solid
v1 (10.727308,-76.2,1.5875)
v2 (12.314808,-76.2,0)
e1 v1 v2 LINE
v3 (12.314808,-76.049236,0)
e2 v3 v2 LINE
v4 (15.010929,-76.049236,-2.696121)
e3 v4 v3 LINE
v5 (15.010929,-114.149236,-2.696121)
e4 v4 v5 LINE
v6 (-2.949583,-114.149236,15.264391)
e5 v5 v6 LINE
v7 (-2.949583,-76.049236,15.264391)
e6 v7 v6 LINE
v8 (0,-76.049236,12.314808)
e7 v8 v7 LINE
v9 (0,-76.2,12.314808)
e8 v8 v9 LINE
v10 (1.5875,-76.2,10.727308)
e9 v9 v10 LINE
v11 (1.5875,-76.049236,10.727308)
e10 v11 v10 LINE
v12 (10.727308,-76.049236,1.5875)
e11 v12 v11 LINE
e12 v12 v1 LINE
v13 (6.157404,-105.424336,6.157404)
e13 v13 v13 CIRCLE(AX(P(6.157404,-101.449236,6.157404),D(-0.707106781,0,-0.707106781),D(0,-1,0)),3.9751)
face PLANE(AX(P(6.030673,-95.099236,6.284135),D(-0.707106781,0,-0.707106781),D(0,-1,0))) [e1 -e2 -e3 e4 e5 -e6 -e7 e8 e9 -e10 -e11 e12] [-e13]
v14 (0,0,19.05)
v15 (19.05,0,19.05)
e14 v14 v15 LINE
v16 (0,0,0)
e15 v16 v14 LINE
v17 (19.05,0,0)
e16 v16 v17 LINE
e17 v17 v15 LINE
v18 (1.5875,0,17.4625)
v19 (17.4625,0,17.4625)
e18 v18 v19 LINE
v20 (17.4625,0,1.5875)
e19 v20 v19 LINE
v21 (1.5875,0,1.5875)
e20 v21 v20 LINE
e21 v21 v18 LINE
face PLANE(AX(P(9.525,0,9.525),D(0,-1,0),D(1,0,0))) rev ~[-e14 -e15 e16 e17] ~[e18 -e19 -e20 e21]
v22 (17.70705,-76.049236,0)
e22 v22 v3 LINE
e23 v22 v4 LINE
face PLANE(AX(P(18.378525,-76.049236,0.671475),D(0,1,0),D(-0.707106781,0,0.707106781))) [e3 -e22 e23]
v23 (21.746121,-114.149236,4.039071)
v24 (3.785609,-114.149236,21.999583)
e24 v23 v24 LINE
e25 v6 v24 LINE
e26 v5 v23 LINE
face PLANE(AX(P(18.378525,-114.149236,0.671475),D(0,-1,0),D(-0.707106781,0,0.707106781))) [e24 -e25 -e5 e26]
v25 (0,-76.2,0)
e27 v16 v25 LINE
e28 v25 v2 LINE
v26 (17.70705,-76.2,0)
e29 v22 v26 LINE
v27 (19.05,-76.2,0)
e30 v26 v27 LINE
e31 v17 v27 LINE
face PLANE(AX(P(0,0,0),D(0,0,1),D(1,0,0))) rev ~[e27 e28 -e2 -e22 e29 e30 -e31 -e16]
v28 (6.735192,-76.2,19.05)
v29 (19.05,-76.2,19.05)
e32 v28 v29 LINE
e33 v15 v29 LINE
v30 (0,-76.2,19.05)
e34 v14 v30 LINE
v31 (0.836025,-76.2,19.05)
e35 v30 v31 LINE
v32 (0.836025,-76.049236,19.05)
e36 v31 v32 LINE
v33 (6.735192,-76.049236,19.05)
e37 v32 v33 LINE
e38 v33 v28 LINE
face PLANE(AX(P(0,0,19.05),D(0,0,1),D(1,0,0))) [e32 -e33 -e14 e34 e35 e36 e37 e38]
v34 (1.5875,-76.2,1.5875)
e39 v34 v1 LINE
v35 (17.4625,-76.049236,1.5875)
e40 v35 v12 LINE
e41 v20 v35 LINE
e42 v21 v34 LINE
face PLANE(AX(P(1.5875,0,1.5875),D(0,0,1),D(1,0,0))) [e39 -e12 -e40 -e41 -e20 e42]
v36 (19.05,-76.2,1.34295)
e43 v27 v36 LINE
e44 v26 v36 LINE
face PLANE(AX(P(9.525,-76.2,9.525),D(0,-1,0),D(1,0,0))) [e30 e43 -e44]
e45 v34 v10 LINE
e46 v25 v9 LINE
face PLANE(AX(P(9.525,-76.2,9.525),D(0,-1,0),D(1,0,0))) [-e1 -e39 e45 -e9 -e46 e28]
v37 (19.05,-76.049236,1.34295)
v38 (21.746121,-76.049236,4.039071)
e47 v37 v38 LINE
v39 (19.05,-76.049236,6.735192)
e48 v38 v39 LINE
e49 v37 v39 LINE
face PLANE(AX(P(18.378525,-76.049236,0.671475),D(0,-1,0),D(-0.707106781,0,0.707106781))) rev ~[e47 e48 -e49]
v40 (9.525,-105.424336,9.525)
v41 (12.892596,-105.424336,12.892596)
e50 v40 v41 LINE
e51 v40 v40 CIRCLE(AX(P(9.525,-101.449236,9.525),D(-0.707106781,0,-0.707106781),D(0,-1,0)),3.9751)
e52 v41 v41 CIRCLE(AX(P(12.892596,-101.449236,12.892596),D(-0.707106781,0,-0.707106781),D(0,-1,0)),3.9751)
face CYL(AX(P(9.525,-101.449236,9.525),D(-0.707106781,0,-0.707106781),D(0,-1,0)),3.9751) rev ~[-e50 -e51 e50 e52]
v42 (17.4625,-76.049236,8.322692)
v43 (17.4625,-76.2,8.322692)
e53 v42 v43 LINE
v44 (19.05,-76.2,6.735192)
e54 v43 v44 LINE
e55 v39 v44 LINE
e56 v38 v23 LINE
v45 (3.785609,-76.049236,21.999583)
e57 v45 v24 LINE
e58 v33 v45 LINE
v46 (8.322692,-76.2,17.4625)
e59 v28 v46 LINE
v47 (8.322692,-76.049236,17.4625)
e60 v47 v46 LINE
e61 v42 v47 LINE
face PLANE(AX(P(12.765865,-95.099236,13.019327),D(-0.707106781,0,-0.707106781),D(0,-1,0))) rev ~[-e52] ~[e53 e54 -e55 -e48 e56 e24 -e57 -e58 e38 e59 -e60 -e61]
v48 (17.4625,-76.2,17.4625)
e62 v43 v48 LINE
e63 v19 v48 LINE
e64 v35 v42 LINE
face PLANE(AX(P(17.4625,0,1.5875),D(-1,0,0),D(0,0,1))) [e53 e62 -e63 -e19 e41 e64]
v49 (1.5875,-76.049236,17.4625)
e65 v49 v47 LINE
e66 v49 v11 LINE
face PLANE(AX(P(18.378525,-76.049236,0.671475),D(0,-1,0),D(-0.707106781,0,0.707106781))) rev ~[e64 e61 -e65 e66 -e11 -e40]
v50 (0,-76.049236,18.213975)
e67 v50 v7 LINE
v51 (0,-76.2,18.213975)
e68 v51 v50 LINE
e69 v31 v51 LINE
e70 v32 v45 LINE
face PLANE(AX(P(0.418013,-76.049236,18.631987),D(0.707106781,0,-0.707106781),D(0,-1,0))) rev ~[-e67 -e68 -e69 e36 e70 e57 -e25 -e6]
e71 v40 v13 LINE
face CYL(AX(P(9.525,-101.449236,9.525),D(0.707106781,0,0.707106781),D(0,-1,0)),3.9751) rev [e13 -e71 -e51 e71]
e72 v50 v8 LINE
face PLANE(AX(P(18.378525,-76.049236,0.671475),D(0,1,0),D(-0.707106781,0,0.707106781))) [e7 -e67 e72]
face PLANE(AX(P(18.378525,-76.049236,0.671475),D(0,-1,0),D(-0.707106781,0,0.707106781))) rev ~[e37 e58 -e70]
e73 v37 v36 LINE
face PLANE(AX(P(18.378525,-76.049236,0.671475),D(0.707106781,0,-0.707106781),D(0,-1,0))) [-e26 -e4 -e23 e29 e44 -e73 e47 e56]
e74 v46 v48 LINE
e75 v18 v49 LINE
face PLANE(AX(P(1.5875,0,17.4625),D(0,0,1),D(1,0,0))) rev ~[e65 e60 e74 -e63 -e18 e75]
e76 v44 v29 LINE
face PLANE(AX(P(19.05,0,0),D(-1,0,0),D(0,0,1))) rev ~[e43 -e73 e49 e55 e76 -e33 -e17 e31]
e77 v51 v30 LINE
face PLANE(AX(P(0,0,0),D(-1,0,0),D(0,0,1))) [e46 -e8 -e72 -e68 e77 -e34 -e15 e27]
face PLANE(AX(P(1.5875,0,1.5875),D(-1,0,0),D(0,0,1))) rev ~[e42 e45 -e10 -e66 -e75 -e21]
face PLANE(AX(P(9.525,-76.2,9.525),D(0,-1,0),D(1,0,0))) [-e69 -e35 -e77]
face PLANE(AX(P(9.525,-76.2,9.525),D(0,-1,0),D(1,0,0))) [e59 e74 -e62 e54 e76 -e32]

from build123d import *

# Parameters (mm, degrees)
F0_W          = 19.05
F0_H          = 19.05
F0_W_2        = 15.875
F0_H_2        = 15.875
F1_DEPTH      = 76.2
F3_W          = 38.1
F3_H          = 25.4
F3_R          = 3.9751
F4_DEPTH      = 4.7625
F4_DEPTH_BACK = 4.7625


with BuildPart() as f1:
    # F0 (on Front) → F1 (new body)
    with BuildSketch(Plane.XZ):
        with Locations((9.525, 9.525)):
            Rectangle(F0_W, F0_H)
        with Locations((9.525, 9.525)):
            Rectangle(F0_W_2, F0_H_2, mode=Mode.SUBTRACT)
    extrude(amount=F1_DEPTH)

    # F3 (on 3pt) → F4 (join, two sides)
    with BuildSketch(Plane(origin=(9.525, 0, 9.525), x_dir=(0, -1, 0), z_dir=(-0.7071067812, 0, -0.7071067812))) as f4_sk:
        with Locations((95.0992362738, 0.1792250585)):
            Rectangle(F3_W, F3_H)
        with Locations((101.4492362738, 0)):
            Circle(F3_R, mode=Mode.SUBTRACT)
    extrude(amount=F4_DEPTH)
    extrude(f4_sk.sketch, amount=-F4_DEPTH_BACK)


solid = f1.part
